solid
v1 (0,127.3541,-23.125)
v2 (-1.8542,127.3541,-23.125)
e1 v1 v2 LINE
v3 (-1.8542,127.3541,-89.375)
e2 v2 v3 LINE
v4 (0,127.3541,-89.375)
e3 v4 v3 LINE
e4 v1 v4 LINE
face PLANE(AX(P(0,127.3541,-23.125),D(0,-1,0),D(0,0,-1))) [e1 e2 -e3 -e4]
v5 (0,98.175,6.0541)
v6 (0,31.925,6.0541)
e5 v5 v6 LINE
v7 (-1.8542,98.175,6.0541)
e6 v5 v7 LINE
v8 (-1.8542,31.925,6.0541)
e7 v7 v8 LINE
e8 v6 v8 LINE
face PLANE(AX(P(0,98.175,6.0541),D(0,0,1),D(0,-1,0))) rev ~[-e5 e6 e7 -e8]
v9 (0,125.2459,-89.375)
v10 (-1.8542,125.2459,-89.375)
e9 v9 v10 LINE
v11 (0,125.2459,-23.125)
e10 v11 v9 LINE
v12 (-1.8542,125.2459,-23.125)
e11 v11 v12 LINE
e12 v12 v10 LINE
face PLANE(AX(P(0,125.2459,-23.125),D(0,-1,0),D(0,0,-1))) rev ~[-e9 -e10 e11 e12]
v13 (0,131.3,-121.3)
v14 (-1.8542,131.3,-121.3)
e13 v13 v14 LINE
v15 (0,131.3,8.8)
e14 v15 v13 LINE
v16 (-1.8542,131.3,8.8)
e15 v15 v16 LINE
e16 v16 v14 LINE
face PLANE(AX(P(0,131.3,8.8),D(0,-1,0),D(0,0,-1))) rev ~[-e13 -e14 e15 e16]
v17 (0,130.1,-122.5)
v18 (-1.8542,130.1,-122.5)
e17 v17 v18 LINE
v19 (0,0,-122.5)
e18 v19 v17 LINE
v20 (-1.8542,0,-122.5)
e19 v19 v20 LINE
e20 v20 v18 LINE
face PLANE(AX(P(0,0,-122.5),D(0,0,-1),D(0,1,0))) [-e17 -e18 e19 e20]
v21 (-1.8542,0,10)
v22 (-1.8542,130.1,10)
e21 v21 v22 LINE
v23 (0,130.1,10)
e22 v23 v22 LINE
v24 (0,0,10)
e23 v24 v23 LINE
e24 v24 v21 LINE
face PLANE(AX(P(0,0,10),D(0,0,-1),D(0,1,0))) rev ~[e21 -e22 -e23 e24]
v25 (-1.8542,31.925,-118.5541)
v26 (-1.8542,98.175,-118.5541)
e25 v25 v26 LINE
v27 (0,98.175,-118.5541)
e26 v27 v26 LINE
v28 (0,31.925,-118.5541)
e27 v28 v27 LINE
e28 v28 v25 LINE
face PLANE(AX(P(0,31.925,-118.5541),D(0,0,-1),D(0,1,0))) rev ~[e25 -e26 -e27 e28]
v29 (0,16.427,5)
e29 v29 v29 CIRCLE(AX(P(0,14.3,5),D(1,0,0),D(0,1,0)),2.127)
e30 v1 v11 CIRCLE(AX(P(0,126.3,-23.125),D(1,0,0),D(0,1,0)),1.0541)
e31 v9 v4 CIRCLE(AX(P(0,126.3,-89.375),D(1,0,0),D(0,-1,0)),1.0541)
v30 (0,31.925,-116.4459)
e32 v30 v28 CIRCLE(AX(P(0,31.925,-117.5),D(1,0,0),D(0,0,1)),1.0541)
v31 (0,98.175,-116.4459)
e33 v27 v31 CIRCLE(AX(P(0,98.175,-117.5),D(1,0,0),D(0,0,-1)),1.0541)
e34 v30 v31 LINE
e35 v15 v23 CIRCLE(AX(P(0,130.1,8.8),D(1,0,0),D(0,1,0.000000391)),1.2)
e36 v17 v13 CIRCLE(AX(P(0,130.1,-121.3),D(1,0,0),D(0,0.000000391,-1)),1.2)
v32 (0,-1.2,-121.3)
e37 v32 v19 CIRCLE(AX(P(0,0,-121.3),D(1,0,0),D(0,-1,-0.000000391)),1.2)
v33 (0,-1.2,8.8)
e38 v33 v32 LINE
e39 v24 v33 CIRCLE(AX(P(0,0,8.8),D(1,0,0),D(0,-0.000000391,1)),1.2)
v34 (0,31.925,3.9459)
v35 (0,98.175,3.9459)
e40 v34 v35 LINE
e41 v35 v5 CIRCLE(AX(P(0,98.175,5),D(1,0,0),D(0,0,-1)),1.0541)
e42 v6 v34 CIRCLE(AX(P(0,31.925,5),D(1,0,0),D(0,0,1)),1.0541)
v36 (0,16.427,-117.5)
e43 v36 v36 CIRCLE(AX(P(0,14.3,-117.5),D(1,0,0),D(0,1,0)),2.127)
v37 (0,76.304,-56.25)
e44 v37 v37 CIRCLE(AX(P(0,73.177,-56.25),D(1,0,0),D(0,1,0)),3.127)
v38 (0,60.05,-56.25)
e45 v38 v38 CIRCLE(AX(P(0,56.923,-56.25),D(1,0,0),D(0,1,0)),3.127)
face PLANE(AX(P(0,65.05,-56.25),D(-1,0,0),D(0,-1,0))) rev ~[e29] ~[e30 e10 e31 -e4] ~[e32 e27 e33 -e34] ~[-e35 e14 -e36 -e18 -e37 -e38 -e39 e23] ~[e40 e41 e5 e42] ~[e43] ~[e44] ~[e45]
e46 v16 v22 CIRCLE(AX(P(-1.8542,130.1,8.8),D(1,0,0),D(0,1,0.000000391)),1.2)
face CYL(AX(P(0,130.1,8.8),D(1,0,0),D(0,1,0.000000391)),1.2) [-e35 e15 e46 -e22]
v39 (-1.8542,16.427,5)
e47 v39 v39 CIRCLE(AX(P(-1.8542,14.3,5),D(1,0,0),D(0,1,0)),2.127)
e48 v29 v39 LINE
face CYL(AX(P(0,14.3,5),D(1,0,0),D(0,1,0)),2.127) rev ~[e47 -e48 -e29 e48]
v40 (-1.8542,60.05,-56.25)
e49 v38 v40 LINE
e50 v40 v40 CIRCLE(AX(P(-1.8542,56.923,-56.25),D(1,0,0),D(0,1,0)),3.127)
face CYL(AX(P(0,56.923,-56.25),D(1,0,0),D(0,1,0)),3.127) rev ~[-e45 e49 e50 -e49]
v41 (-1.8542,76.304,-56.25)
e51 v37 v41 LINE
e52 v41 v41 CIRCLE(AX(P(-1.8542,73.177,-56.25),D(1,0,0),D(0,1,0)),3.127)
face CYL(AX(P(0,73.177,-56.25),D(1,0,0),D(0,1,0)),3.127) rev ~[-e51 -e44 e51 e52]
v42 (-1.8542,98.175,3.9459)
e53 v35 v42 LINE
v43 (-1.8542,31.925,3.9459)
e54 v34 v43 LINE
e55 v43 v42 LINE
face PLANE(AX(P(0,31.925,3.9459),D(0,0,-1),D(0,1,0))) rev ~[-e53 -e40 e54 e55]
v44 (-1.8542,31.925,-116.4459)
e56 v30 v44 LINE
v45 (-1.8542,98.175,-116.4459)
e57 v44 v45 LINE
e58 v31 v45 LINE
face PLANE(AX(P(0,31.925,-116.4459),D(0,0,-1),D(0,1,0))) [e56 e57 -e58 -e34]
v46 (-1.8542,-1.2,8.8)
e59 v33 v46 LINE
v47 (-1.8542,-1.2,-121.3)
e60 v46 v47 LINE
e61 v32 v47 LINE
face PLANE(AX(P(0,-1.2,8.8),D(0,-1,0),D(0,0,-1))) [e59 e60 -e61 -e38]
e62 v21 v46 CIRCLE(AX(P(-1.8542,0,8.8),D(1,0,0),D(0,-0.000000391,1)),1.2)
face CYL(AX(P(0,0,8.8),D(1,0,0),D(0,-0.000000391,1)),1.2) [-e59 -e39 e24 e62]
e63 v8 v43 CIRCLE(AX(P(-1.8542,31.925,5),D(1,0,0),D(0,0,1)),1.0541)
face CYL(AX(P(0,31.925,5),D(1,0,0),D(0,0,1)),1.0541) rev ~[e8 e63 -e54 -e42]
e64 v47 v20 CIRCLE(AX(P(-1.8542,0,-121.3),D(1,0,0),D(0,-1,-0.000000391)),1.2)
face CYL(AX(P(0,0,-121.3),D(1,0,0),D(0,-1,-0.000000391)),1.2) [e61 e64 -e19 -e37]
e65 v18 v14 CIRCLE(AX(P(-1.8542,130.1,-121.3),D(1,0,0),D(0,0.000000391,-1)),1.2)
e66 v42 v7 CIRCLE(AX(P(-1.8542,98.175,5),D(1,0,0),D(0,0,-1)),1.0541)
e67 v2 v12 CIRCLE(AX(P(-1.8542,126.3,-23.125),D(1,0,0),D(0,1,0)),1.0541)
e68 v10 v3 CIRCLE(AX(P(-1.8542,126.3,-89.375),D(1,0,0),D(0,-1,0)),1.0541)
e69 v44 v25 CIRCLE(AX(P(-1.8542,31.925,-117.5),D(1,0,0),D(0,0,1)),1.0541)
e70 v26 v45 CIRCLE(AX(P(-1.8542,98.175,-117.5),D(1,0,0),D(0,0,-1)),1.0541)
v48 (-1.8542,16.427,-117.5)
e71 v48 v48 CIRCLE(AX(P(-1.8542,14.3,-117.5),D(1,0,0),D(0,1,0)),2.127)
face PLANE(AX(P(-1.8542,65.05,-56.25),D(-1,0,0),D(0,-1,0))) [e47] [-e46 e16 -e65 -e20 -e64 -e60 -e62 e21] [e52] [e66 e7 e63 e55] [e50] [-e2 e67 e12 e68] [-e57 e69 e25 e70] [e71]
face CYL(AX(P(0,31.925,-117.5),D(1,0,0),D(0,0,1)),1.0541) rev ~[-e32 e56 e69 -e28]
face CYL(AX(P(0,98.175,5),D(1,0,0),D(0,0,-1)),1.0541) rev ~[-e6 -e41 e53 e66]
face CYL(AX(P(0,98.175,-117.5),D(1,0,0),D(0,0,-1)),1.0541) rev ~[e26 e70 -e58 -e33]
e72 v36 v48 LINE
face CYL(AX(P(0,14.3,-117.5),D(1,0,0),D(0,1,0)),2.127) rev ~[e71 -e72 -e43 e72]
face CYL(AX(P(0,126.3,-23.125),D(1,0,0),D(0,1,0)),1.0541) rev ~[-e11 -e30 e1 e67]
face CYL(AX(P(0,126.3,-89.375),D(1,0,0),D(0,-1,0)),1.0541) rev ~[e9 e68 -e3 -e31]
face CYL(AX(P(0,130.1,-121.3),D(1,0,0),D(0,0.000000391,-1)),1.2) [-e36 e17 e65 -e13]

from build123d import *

# Parameters (mm, degrees)
SKETCH_R   = 2.127
SKETCH_R_2 = 3.127
PAD_DEPTH  = 1.8542


with BuildPart() as part:
    # Sketch (on Face33 of Binder001) → Pad (new body)
    with BuildSketch(Plane.YZ):
        with BuildLine():
            Line((0, 10), (130.1, 10))
            ThreePointArc((131.3, 8.8), (130.948528, 9.648528), (130.1, 10))
            Line((131.3, 8.8), (131.3, -121.3))
            ThreePointArc((130.1, -122.5), (130.948528, -122.148528), (131.3, -121.3))
            Line((0, -122.5), (130.1, -122.5))
            ThreePointArc((-1.2, -121.3), (-0.848528, -122.148528), (0, -122.5))
            Line((-1.2, 8.8), (-1.2, -121.3))
            ThreePointArc((0, 10), (-0.848528, 9.648528), (-1.2, 8.8))
        make_face()
        with Locations((14.3, 5)):
            Circle(SKETCH_R, mode=Mode.SUBTRACT)
        with Locations((14.3, -117.5)):
            Circle(SKETCH_R, mode=Mode.SUBTRACT)
        with Locations((56.923, -56.25)):
            Circle(SKETCH_R_2, mode=Mode.SUBTRACT)
        with Locations((73.177, -56.25)):
            Circle(SKETCH_R_2, mode=Mode.SUBTRACT)
        with BuildLine():
            Line((31.925, 3.9459), (98.175, 3.9459))
            ThreePointArc((98.175, 3.9459), (99.2291, 5), (98.175, 6.0541))
            Line((98.175, 6.0541), (31.925, 6.0541))
            ThreePointArc((31.925, 6.0541), (30.8709, 5), (31.925, 3.9459))
        make_face(mode=Mode.SUBTRACT)
        with BuildLine():
            ThreePointArc((127.3541, -23.125), (126.3, -22.0709), (125.2459, -23.125))
            Line((125.2459, -23.125), (125.2459, -89.375))
            ThreePointArc((125.2459, -89.375), (126.3, -90.4291), (127.3541, -89.375))
            Line((127.3541, -23.125), (127.3541, -89.375))
        make_face(mode=Mode.SUBTRACT)
        with BuildLine():
            ThreePointArc((31.925, -116.4459), (30.8709, -117.5), (31.925, -118.5541))
            Line((31.925, -118.5541), (98.175, -118.5541))
            ThreePointArc((98.175, -118.5541), (99.2291, -117.5), (98.175, -116.4459))
            Line((31.925, -116.4459), (98.175, -116.4459))
        make_face(mode=Mode.SUBTRACT)
    extrude(amount=-PAD_DEPTH)


solid = part.part
